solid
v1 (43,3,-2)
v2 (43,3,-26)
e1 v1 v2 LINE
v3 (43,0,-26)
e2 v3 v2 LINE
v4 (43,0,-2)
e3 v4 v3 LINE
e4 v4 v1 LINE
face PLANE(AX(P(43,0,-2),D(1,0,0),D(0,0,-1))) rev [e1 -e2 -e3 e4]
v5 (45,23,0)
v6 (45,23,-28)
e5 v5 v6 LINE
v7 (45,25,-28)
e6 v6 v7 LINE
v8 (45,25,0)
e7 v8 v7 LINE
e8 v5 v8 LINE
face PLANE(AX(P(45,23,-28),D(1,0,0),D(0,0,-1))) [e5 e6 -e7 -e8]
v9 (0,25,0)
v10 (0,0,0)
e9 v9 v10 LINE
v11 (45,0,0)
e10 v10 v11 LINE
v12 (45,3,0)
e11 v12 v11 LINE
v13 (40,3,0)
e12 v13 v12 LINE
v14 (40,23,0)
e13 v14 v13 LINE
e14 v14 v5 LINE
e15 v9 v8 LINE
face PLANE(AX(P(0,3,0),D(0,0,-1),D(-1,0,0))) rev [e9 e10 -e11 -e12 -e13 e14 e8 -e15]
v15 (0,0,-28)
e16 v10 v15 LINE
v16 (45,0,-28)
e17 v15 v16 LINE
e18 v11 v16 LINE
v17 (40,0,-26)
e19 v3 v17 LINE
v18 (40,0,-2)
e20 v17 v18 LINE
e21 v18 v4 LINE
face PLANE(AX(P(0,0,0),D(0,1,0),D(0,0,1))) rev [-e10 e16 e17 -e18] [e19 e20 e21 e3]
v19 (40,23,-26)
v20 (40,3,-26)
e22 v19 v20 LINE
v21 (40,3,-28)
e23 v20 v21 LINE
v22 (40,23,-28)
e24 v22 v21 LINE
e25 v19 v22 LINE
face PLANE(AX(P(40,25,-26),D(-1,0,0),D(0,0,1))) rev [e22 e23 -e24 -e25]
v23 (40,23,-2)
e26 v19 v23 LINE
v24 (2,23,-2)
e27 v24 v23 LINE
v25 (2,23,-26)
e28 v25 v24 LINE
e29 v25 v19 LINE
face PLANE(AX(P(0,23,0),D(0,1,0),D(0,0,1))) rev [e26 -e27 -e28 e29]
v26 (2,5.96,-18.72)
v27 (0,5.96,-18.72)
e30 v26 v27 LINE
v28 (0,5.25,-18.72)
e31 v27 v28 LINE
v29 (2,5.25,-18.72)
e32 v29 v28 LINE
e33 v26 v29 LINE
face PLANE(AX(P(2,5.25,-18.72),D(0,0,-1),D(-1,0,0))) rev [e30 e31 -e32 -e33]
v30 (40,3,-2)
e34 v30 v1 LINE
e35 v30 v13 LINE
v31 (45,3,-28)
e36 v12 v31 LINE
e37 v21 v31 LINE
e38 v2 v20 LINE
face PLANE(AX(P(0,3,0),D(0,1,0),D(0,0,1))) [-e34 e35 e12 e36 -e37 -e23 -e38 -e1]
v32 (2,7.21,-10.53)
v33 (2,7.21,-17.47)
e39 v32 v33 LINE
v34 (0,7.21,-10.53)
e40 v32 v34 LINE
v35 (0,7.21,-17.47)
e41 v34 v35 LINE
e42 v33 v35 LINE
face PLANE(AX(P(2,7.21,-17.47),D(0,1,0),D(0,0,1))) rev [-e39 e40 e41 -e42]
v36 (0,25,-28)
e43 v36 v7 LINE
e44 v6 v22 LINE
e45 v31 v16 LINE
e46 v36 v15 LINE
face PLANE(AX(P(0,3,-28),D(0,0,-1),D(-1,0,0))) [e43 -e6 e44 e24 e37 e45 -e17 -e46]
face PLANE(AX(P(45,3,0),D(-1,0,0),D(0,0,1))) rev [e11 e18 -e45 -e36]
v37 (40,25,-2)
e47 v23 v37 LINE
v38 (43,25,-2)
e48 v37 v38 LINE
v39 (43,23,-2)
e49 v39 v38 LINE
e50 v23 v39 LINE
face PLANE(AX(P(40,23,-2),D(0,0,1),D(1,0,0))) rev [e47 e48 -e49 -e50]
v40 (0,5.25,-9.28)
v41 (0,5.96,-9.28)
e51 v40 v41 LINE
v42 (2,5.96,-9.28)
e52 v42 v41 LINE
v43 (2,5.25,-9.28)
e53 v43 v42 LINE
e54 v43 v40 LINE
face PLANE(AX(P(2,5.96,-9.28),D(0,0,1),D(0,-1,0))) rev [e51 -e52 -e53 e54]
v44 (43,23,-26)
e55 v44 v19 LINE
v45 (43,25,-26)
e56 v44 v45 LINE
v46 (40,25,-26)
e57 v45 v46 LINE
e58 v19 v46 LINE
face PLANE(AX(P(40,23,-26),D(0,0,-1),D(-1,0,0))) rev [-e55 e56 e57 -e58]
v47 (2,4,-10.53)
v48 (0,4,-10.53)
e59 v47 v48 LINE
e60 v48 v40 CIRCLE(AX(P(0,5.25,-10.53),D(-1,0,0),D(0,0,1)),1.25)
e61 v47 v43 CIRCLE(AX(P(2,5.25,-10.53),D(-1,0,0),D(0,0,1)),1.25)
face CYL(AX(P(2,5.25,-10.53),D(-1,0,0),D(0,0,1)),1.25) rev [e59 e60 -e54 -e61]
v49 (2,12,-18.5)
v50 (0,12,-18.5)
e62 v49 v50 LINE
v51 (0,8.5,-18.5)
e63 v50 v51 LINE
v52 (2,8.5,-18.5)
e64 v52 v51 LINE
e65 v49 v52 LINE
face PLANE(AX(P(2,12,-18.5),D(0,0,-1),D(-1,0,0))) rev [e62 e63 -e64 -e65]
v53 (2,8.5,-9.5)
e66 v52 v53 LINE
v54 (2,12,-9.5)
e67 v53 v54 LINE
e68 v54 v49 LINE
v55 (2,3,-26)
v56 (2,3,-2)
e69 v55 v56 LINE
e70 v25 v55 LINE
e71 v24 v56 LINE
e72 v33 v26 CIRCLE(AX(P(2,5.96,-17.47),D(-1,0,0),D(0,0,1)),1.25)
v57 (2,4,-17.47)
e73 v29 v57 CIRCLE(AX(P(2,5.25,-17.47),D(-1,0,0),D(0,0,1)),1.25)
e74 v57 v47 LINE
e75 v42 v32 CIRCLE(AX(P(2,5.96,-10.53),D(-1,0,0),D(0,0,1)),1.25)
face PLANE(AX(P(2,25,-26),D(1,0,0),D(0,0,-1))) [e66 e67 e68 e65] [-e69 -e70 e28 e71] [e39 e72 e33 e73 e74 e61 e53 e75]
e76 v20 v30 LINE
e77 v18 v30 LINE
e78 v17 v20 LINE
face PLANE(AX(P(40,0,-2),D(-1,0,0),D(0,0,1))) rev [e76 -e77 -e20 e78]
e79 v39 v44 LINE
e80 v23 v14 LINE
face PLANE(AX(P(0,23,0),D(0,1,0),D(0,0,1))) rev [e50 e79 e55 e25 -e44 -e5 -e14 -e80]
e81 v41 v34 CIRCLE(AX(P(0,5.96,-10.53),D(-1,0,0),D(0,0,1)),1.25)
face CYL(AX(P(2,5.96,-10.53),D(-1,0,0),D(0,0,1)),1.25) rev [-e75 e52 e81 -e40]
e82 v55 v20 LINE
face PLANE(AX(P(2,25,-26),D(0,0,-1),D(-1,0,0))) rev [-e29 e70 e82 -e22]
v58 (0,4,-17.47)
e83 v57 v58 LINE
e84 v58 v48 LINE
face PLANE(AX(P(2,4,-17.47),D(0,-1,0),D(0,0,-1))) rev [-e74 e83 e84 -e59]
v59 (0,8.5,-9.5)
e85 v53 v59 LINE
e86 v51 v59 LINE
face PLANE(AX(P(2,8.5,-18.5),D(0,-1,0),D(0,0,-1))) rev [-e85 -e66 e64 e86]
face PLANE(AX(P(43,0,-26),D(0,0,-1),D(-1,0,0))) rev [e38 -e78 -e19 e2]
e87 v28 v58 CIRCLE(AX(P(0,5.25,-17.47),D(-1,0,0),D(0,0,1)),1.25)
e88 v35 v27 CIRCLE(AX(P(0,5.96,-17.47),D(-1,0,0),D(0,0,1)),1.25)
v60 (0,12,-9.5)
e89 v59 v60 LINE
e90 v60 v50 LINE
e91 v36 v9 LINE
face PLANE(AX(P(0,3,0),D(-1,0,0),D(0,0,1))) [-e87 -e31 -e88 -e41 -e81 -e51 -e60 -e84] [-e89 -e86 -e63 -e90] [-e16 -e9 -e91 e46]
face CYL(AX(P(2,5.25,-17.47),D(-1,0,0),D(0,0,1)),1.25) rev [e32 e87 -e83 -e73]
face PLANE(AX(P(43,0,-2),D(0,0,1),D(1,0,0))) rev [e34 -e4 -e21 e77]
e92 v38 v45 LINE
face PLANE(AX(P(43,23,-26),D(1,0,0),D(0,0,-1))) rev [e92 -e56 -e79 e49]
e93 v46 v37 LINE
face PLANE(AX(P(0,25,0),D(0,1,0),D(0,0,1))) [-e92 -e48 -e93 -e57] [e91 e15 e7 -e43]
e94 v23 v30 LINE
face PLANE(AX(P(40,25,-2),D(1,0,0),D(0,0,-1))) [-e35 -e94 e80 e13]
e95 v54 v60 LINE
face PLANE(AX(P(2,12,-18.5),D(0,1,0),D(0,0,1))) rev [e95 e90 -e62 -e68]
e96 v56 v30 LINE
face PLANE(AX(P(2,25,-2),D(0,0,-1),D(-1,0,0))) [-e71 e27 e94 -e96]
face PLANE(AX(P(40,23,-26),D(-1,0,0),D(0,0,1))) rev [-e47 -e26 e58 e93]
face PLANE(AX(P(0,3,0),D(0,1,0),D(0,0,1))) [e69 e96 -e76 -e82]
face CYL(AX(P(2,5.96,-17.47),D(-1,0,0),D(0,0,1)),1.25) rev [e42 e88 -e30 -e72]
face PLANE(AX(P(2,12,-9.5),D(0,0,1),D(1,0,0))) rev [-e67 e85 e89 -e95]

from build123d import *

# Parameters (mm, degrees)
SKETCH1_W           = 45
SKETCH1_H           = 28
BOSS_EXTRUDE1_DEPTH = 3
BOSS_EXTRUDE2_DEPTH = 22
SKETCH4_W           = 45
SKETCH4_H           = 28
SKETCH4_W_2         = 3
SKETCH4_H_2         = 24
BOSS_EXTRUDE4_DEPTH = 2
SKETCH5_W           = 9
SKETCH5_H           = 3.5
CUT_EXTRUDE1_DEPTH  = 2
SKETCH6_W           = 3
SKETCH6_H           = 24
CUT_EXTRUDE2_DEPTH  = 3


with BuildPart() as part:
    # Sketch1 → Boss-Extrude1 (new body)
    with BuildSketch(Plane(origin=(0, 0, 0), x_dir=(1, 0, 0), z_dir=(0, 1, 0))):
        with Locations((22.5, 14)):
            Rectangle(SKETCH1_W, SKETCH1_H)
    extrude(amount=BOSS_EXTRUDE1_DEPTH)

    # Sketch2 → Boss-Extrude2 (add)
    with BuildSketch(Plane(origin=(0, 3, 0), x_dir=(1, 0, 0), z_dir=(0, 1, 0))):
        Polygon((40, 26), (40, 28), (0, 28), (0, 0), (40, 0), (40, 2), (2, 2), (2, 26), align=None)
    extrude(amount=BOSS_EXTRUDE2_DEPTH)

    # Sketch4 → Boss-Extrude4 (add)
    with BuildSketch(Plane(origin=(0, 25, 0), x_dir=(1, 0, 0), z_dir=(0, 1, 0))):
        with Locations((22.5, 14)):
            Rectangle(SKETCH4_W, SKETCH4_H)
        with Locations((41.5, 14)):
            Rectangle(SKETCH4_W_2, SKETCH4_H_2, mode=Mode.SUBTRACT)
    extrude(amount=-BOSS_EXTRUDE4_DEPTH)

    # Sketch5 → Cut-Extrude1 (cut)
    with BuildSketch(Plane.ZY):
        with BuildLine():
            Line((-18.72, 5.25), (-18.72, 5.96))
            ThreePointArc((-18.72, 5.96), (-18.353883476, 6.843883476), (-17.47, 7.21))
            Line((-17.47, 7.21), (-10.53, 7.21))
            ThreePointArc((-10.53, 7.21), (-9.646116524, 6.843883476), (-9.28, 5.96))
            Line((-9.28, 5.96), (-9.28, 5.25))
            ThreePointArc((-9.28, 5.25), (-9.646116524, 4.366116524), (-10.53, 4))
            Line((-10.53, 4), (-17.47, 4))
            ThreePointArc((-17.47, 4), (-18.353883476, 4.366116524), (-18.72, 5.25))
        make_face()
        with Locations((-14, 10.25)):
            Rectangle(SKETCH5_W, SKETCH5_H)
    extrude(amount=-CUT_EXTRUDE1_DEPTH, mode=Mode.SUBTRACT)

    # Sketch6 → Cut-Extrude2 (cut)
    with BuildSketch(Plane(origin=(0, 3, 0), x_dir=(1, 0, 0), z_dir=(0, 1, 0))):
        with Locations((41.5, 14)):
            Rectangle(SKETCH6_W, SKETCH6_H)
    extrude(amount=-CUT_EXTRUDE2_DEPTH, mode=Mode.SUBTRACT)


solid = part.part
